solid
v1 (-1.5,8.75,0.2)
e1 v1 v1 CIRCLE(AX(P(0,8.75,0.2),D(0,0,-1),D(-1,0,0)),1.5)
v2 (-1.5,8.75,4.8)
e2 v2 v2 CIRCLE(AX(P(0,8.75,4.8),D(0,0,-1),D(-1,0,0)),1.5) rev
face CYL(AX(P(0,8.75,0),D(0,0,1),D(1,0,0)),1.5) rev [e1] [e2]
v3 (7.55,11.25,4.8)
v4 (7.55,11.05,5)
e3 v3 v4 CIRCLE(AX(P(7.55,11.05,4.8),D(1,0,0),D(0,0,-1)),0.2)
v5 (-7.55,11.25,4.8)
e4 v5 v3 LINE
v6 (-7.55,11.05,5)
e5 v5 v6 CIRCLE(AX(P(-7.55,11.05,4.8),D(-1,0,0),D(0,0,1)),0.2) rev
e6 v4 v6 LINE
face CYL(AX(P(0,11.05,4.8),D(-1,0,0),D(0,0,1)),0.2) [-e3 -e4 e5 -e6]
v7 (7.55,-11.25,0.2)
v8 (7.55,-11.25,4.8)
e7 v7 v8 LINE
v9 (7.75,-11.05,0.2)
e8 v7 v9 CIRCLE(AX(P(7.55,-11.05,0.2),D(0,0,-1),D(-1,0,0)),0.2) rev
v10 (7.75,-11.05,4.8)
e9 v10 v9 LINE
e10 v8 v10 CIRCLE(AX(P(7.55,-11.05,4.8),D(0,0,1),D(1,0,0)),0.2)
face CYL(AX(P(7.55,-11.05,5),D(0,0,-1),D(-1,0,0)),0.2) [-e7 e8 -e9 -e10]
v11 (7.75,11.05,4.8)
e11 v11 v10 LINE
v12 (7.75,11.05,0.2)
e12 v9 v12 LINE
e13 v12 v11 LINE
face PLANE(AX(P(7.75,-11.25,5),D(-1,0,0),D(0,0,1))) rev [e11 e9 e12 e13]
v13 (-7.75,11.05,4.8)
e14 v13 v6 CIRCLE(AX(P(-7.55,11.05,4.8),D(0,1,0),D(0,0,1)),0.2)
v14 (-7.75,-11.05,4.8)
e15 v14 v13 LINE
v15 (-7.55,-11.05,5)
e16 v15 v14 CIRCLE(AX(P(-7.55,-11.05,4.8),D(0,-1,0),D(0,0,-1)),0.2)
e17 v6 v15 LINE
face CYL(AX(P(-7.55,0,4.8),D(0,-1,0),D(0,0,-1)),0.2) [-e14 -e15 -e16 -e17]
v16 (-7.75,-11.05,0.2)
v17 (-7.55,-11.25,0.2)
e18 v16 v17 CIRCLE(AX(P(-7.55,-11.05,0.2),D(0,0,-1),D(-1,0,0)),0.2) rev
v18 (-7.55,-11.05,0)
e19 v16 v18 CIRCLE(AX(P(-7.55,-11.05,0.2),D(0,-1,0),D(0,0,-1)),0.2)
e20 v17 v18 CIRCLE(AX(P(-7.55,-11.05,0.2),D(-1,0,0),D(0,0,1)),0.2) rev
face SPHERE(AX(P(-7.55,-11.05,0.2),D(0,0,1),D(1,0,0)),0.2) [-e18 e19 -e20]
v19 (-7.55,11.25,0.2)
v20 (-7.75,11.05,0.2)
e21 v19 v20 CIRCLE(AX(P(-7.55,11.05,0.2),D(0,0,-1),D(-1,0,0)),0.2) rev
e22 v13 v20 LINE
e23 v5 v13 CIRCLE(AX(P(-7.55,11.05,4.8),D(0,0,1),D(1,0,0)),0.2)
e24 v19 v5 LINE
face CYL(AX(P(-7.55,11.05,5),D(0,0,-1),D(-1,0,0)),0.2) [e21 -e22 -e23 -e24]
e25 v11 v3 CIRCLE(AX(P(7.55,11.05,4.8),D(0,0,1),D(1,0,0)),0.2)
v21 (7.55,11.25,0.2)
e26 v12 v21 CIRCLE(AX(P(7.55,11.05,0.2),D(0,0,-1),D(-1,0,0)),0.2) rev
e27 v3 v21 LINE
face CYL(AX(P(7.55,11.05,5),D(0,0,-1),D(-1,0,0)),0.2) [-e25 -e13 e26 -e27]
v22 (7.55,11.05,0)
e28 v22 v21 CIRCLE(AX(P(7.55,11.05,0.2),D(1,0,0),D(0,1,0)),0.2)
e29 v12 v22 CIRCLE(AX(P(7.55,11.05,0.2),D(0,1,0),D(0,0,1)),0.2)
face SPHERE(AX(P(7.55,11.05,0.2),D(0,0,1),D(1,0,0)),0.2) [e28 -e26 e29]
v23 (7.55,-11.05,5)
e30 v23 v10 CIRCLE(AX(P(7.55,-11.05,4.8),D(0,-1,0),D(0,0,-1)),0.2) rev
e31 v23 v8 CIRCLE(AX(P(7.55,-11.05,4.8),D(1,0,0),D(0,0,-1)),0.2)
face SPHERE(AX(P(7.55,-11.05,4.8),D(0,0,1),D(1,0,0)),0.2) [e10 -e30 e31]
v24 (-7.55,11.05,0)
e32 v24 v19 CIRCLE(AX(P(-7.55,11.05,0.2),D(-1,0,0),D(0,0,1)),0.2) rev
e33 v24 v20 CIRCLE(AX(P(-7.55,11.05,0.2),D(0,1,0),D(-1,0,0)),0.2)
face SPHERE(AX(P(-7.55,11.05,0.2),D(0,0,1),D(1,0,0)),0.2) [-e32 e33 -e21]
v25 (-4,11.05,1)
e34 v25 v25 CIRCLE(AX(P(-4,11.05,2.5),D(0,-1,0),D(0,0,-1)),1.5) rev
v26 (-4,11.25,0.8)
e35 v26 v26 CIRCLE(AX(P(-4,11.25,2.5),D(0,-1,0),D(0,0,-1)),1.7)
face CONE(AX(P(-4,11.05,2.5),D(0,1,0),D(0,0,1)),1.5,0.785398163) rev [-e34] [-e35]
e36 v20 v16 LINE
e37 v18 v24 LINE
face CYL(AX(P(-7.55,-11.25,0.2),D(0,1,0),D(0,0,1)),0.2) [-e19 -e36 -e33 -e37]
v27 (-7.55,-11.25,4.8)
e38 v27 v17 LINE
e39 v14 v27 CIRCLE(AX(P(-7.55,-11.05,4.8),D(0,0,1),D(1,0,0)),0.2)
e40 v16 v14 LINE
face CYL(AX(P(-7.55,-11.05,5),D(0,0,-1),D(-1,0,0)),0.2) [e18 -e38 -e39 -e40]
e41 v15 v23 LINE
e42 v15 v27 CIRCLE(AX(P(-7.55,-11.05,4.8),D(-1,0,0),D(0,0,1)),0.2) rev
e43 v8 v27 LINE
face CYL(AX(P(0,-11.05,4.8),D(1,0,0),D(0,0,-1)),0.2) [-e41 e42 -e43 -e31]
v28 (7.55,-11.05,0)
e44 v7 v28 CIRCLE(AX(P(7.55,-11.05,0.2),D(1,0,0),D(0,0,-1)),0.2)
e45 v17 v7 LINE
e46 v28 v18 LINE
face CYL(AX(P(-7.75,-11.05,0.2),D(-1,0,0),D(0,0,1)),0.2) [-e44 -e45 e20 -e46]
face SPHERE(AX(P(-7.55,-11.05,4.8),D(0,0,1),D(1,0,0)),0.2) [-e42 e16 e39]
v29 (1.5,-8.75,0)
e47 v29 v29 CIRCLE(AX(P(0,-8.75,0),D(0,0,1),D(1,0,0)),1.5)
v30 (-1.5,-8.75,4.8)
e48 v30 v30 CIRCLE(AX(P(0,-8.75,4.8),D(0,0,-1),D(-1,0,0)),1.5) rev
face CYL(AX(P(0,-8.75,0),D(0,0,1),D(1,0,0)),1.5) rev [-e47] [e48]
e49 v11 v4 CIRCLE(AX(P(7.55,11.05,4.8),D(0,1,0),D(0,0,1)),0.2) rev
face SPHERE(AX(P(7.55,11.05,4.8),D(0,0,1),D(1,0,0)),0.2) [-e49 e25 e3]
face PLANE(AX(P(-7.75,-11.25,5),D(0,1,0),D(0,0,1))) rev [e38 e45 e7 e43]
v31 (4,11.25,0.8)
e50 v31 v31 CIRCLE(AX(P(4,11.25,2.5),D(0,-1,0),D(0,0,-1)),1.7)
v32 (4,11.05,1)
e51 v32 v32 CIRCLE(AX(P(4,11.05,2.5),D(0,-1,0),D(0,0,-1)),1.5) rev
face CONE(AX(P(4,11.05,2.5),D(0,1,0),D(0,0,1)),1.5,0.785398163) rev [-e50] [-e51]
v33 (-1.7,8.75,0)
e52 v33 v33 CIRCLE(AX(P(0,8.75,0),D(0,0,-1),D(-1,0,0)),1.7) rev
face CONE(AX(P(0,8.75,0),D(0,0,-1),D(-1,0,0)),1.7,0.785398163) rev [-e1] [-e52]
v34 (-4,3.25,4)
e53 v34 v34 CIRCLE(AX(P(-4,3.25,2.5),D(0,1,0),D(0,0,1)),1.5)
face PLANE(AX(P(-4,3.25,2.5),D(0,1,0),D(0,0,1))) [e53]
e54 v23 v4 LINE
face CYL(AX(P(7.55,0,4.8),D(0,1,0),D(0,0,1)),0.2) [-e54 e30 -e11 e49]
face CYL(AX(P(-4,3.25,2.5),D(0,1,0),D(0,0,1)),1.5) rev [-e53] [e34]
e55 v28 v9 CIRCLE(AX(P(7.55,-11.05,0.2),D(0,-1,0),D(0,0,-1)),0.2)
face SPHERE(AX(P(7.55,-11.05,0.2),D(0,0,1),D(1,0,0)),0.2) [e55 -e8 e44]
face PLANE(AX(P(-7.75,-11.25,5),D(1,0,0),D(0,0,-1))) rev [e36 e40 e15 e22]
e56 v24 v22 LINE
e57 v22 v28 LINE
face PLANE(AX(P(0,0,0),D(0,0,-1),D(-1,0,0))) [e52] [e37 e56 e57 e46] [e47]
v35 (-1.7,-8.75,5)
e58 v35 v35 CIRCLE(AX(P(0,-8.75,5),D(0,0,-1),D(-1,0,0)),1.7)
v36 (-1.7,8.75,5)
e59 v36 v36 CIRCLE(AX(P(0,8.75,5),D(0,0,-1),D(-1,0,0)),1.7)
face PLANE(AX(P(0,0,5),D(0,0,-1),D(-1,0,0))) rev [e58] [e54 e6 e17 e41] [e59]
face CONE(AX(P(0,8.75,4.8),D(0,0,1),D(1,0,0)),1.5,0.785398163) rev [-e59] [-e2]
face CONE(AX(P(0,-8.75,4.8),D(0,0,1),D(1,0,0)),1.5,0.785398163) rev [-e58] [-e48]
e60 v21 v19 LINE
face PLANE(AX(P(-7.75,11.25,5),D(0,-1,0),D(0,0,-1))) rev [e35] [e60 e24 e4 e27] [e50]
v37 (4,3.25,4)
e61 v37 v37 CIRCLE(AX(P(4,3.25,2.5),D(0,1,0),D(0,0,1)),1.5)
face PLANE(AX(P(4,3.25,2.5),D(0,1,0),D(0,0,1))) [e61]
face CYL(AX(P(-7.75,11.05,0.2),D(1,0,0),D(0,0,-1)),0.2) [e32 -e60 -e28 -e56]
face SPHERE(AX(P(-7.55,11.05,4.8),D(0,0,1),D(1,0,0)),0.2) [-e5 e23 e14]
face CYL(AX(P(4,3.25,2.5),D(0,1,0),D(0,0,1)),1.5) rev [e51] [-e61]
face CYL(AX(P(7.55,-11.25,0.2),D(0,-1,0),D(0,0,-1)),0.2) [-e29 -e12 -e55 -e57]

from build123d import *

# Parameters (mm, degrees)
SKETCH1_W           = 15.5
SKETCH1_H           = 22.5
BOSS_EXTRUDE1_DEPTH = 5
SKETCH2_R           = 1.5
CUT_EXTRUDE1_DEPTH  = 6
SKETCH3_R           = 1.5
CUT_EXTRUDE2_DEPTH  = 8
FILLET1_R           = 0.2
CHAMFER1_SIZE       = 0.2


with BuildPart() as part:
    # Sketch1 → Boss-Extrude1 (new body)
    with BuildSketch(Plane.XY):
        Rectangle(SKETCH1_W, SKETCH1_H)
    extrude(amount=BOSS_EXTRUDE1_DEPTH)

    # Sketch2 → Cut-Extrude1 (cut, through all)
    with BuildSketch(Plane.XY.offset(5)):
        with Locations((0, 8.75)):
            Circle(SKETCH2_R)
        with Locations((0, -8.75)):
            Circle(SKETCH2_R)
    extrude(amount=-CUT_EXTRUDE1_DEPTH, mode=Mode.SUBTRACT)

    # Sketch3 → Cut-Extrude2 (cut)
    with BuildSketch(Plane(origin=(0, 11.25, 0), x_dir=(1, 0, 0), z_dir=(0, 1, 0))):
        with Locations((-4, -2.5)):
            Circle(SKETCH3_R)
        with Locations((4, -2.5)):
            Circle(SKETCH3_R)
    extrude(amount=-CUT_EXTRUDE2_DEPTH, mode=Mode.SUBTRACT)

    # Fillet1
    fillet1_edges = [part.edges().sort_by_distance(p)[0] for p in [
        (-7.75, 0, 5),
        (0, -11.25, 5),
        (7.75, 0, 5),
        (0, -11.25, 0),
        (-7.75, 0, 0),
        (0, 11.25, 0),
        (7.75, 0, 0),
        (0, 11.25, 5),
        (7.75, -11.25, 2.5),
        (-7.75, -11.25, 2.5),
        (-7.75, 11.25, 2.5),
        (7.75, 11.25, 2.5),
    ]]
    fillet(fillet1_edges, radius=FILLET1_R)

    # Chamfer1
    chamfer1_edges = [part.edges().sort_by_distance(p)[0] for p in [
        (-1.5, 8.75, 0),
        (-1.5, 8.75, 5),
        (-1.5, -8.75, 5),
        (-5.5, 11.25, 2.5),
        (2.5, 11.25, 2.5),
    ]]
    chamfer(chamfer1_edges, length=CHAMFER1_SIZE)


solid = part.part
